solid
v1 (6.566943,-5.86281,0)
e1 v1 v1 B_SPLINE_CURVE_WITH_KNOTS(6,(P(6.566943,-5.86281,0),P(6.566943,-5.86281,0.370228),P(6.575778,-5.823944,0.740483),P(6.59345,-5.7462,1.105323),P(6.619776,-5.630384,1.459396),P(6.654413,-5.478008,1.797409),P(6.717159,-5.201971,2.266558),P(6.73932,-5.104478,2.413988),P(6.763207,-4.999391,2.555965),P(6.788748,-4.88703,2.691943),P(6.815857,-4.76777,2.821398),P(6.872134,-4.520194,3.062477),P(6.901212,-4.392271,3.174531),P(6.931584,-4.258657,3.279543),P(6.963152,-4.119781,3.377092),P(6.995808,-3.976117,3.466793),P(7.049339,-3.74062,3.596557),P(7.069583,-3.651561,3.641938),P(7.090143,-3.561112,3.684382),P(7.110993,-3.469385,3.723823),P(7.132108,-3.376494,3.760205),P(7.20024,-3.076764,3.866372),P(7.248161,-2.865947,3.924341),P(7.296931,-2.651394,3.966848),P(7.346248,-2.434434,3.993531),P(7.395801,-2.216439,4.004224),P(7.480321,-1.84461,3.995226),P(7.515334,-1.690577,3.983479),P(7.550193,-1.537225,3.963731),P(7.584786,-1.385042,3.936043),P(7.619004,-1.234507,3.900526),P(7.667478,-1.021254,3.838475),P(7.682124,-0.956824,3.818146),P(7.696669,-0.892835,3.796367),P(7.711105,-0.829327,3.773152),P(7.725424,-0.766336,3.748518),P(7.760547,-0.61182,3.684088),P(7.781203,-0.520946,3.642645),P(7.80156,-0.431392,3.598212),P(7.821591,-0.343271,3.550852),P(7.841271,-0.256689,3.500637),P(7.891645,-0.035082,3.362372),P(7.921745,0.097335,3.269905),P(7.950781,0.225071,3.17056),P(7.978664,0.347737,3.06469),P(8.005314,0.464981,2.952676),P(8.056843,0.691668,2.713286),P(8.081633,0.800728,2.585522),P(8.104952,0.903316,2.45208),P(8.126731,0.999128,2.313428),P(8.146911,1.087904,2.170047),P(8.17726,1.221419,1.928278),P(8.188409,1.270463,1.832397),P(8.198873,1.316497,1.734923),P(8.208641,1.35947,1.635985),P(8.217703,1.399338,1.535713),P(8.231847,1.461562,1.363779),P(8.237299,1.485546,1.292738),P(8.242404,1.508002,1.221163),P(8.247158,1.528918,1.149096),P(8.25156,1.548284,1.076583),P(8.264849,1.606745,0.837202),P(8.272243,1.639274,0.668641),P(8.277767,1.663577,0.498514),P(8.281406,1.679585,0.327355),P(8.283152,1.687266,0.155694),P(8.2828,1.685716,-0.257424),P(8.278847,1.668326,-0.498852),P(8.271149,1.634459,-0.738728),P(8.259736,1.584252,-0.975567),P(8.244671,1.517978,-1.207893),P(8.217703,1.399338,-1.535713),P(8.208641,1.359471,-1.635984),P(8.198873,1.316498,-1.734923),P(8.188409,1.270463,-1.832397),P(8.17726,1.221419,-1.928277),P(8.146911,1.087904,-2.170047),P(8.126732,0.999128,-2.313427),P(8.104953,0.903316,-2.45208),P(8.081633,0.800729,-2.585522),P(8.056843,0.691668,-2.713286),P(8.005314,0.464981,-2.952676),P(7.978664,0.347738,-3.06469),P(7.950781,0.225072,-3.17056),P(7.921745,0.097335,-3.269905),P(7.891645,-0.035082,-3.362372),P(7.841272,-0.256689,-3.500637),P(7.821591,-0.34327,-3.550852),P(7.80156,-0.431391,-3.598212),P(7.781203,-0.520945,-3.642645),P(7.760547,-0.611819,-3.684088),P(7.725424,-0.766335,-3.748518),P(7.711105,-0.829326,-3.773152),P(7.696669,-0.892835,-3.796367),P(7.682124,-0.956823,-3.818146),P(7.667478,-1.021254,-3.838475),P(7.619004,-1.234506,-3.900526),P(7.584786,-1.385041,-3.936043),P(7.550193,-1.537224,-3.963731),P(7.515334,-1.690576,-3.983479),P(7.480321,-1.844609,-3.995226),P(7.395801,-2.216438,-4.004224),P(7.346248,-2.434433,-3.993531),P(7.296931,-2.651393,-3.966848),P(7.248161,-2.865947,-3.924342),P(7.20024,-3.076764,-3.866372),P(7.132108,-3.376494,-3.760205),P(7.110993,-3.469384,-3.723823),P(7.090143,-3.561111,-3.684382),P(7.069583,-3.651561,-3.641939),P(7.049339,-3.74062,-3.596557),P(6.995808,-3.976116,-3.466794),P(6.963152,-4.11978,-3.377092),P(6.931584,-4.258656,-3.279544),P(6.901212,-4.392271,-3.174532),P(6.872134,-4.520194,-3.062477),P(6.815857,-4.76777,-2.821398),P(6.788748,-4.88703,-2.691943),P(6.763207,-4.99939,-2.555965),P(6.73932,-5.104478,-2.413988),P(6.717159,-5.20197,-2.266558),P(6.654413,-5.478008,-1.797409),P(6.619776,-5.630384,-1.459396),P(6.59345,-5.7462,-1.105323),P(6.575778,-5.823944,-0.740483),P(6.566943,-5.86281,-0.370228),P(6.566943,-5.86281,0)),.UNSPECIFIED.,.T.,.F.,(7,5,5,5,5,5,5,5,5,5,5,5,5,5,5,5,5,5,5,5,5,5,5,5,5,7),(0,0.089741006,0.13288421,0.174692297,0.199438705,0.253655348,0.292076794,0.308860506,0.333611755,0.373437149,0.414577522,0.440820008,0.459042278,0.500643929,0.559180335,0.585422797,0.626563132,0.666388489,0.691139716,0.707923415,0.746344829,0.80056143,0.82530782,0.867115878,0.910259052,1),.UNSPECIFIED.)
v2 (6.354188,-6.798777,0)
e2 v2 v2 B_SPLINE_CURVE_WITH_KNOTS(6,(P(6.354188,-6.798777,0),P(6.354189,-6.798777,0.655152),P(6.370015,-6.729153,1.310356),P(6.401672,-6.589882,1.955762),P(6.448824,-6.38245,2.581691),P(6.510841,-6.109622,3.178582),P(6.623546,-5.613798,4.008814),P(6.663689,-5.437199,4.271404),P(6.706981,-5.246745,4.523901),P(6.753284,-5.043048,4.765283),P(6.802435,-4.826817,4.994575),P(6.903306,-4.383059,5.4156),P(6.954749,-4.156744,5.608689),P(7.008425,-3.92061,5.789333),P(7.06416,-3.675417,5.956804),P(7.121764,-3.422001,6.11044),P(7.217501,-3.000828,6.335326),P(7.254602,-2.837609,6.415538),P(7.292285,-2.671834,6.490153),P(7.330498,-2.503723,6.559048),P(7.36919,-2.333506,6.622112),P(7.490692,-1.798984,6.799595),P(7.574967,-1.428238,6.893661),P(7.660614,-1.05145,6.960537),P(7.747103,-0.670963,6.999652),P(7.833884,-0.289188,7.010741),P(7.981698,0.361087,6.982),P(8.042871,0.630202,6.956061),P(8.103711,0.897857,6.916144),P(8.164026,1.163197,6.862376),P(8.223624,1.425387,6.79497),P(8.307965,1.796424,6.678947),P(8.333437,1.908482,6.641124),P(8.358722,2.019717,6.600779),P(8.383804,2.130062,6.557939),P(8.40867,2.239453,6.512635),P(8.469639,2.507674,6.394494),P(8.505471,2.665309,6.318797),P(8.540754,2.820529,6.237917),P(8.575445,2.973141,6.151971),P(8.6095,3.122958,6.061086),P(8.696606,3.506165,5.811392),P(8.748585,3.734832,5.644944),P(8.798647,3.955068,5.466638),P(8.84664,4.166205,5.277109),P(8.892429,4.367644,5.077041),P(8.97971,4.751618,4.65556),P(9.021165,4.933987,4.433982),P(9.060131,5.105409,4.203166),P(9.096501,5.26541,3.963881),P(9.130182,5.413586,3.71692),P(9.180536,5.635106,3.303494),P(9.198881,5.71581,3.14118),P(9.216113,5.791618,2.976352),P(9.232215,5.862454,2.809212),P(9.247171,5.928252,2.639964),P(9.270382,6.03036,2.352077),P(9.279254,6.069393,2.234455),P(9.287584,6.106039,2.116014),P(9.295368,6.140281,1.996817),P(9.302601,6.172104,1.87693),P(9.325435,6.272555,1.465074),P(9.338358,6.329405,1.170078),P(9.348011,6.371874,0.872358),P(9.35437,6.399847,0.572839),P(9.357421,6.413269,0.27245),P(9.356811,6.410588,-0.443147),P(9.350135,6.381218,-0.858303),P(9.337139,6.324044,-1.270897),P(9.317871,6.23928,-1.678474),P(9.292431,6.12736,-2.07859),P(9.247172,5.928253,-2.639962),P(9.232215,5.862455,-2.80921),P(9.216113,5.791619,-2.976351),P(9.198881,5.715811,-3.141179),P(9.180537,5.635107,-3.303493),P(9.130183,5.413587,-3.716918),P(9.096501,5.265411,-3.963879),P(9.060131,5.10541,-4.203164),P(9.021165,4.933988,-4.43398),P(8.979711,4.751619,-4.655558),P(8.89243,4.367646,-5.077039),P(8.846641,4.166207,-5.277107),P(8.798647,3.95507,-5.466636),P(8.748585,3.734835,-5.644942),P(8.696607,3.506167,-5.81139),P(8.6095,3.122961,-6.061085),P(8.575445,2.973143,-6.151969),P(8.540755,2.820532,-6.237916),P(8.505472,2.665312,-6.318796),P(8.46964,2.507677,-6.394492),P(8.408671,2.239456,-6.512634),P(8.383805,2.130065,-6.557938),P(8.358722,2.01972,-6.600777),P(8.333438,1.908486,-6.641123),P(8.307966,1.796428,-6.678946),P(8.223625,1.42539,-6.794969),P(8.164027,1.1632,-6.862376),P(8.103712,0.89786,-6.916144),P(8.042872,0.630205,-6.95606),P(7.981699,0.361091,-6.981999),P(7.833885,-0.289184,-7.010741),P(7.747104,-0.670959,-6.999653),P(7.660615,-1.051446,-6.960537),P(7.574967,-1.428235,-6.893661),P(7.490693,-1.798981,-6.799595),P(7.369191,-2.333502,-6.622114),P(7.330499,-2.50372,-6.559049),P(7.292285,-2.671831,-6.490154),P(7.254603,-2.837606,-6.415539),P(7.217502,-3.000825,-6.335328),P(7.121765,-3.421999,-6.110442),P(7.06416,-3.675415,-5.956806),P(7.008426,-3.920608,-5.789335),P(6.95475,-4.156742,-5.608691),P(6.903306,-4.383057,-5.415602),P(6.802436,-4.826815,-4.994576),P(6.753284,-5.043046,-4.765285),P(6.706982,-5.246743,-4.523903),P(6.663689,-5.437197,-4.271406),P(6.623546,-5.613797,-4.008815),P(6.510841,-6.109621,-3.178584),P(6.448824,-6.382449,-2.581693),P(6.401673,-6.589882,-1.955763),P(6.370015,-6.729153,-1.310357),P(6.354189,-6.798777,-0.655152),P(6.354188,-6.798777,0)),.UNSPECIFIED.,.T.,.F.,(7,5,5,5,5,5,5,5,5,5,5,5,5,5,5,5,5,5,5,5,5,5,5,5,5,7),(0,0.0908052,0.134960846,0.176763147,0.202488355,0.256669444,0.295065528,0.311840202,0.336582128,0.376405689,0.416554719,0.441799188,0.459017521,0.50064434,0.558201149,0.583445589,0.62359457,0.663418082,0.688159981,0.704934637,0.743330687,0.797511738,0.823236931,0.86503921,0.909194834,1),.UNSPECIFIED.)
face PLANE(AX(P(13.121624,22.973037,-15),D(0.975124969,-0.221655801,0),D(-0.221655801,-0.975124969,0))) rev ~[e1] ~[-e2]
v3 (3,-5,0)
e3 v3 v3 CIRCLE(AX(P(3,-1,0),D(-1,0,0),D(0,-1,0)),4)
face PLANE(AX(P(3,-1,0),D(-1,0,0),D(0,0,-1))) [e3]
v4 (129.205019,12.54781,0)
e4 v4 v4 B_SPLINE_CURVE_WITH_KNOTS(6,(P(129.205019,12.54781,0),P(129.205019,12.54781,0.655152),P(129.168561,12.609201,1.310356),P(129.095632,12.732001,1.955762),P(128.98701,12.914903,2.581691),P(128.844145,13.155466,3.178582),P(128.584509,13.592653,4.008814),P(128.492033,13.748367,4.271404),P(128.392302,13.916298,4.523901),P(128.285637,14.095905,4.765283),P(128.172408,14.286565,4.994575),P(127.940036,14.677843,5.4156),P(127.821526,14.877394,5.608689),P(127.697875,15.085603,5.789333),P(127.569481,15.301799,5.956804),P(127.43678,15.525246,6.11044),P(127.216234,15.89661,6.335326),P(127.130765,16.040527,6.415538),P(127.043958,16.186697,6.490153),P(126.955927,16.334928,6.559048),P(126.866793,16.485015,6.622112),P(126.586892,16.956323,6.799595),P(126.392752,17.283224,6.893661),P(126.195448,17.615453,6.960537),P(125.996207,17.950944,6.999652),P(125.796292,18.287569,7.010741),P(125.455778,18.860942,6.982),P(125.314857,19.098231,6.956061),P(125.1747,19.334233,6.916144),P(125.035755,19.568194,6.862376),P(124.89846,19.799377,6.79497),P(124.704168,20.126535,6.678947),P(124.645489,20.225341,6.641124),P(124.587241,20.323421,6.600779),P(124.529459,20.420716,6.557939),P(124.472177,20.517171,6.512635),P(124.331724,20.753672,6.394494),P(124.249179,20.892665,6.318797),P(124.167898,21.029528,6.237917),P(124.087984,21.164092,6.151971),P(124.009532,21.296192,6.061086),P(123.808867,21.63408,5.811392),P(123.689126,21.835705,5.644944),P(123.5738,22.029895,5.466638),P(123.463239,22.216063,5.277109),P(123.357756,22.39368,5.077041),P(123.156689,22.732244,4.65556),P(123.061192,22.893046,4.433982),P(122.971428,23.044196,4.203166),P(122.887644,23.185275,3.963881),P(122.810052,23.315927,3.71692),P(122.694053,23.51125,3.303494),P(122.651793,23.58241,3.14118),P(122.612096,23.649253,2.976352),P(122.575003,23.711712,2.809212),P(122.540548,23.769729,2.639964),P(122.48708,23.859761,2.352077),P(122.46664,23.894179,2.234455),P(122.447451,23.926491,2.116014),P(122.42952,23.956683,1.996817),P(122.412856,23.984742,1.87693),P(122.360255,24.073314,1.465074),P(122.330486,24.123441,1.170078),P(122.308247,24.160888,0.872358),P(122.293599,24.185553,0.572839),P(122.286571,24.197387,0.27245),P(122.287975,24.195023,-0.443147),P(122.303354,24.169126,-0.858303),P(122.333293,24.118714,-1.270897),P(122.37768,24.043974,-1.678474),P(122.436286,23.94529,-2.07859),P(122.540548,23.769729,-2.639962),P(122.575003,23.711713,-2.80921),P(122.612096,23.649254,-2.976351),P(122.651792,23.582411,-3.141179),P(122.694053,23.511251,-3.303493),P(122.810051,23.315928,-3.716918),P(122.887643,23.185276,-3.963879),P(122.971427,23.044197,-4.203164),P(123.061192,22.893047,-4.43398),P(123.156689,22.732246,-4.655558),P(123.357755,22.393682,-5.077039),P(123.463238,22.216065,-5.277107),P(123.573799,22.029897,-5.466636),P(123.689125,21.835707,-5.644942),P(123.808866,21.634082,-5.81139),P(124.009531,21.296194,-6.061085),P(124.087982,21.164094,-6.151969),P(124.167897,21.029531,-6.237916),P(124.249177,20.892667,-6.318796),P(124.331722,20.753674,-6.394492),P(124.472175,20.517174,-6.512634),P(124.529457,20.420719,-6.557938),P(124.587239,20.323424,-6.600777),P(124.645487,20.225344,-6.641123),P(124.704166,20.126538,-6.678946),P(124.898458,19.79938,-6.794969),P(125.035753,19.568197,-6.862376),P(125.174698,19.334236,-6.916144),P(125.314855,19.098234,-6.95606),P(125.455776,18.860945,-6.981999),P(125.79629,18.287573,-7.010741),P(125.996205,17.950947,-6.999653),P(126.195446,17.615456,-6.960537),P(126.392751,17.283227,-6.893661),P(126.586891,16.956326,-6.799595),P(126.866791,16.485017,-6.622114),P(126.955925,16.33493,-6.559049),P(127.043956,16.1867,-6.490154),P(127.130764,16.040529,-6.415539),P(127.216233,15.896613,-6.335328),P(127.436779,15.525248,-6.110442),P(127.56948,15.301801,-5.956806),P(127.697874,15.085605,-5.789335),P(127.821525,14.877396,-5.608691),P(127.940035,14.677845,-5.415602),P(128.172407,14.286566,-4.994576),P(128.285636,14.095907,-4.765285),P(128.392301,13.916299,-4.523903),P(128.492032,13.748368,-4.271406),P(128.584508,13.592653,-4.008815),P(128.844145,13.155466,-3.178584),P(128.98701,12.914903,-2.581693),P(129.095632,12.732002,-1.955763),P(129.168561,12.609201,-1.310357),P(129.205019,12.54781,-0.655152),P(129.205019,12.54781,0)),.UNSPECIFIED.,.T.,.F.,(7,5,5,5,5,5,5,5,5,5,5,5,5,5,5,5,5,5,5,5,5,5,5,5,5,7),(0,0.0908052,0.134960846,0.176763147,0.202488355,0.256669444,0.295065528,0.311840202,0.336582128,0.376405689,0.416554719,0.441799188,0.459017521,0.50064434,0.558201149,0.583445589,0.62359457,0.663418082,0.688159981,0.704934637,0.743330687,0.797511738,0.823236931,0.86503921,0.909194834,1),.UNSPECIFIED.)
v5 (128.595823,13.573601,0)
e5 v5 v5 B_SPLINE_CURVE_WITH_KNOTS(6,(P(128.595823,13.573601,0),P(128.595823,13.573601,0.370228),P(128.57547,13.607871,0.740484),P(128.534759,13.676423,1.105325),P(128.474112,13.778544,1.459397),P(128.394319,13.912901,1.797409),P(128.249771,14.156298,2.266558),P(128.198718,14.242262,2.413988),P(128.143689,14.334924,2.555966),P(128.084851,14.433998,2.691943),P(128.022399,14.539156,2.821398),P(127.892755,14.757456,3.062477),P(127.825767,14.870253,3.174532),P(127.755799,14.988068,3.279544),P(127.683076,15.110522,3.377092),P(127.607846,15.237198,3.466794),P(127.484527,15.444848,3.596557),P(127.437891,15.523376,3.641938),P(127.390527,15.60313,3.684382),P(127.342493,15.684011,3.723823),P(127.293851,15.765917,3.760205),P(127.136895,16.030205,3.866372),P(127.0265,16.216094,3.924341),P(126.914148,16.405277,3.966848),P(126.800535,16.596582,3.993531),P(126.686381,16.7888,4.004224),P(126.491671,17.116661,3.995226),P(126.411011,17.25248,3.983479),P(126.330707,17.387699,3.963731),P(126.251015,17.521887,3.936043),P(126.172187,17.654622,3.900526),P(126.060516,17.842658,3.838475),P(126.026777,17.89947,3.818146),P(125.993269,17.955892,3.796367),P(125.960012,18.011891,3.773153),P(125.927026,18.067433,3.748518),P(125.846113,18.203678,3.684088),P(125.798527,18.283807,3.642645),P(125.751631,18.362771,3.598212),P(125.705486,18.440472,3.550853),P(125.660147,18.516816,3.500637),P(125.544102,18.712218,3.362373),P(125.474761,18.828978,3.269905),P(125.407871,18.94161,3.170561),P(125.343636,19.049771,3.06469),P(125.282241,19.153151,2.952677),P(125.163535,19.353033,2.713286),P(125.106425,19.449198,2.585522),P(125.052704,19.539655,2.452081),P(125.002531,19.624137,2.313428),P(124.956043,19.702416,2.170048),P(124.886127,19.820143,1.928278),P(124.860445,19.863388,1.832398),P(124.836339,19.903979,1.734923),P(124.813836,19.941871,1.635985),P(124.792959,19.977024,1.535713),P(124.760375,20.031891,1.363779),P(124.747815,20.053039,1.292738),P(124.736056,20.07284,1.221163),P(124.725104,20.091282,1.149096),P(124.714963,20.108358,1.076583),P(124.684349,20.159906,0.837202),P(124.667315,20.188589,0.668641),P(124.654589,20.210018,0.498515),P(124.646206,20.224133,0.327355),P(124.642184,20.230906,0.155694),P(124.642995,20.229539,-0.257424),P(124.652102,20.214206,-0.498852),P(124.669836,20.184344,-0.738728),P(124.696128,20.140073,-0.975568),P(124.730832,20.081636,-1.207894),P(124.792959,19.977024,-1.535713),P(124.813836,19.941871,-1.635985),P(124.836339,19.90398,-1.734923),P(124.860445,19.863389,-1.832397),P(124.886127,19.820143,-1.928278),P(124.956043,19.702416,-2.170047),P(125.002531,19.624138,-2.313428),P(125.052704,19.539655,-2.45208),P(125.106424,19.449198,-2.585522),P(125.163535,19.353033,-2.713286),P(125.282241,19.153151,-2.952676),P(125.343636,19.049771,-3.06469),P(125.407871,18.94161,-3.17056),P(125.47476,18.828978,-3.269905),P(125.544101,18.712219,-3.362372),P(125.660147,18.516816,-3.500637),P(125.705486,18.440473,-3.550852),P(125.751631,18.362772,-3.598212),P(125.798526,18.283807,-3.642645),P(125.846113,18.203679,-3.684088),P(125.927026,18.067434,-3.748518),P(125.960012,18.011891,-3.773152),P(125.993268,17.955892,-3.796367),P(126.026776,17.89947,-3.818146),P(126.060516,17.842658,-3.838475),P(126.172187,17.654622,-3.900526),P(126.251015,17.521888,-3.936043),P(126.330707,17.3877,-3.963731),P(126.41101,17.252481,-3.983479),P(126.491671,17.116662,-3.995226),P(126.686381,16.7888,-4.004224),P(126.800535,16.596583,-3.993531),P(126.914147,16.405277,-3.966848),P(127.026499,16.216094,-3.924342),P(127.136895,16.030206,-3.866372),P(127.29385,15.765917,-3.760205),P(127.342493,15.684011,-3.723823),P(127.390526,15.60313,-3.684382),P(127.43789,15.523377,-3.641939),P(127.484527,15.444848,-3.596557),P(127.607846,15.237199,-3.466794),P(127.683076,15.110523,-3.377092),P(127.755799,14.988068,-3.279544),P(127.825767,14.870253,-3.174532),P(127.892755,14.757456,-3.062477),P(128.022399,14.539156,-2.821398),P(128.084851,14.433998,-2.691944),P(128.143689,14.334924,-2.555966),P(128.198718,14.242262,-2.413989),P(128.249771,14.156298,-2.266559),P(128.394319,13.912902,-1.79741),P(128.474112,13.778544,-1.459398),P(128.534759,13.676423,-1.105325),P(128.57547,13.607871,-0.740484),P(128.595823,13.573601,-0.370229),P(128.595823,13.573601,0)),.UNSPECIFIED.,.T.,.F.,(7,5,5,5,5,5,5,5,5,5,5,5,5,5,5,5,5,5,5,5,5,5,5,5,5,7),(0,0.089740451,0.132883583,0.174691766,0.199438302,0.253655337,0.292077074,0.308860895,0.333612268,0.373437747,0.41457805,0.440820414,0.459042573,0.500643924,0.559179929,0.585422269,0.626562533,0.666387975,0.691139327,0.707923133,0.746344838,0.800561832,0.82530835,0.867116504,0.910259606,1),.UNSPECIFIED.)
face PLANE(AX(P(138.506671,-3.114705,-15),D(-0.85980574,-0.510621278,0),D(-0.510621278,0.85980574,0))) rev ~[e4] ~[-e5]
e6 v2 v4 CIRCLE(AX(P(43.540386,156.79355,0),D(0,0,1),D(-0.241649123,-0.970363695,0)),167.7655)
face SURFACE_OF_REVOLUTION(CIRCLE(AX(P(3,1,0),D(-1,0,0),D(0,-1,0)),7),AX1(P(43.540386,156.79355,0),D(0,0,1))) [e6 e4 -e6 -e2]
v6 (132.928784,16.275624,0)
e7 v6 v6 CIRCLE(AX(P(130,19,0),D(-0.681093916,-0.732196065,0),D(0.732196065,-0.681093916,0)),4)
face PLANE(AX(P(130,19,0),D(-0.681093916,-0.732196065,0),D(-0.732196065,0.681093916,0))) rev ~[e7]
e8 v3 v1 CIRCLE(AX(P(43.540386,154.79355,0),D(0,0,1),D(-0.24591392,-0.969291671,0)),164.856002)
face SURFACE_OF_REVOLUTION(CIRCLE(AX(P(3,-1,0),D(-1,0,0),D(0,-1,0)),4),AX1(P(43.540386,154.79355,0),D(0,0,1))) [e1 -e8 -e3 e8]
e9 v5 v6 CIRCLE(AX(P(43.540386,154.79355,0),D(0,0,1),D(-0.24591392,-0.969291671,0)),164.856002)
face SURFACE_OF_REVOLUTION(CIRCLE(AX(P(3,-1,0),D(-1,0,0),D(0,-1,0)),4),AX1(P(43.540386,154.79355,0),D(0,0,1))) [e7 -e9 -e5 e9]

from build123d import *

# Parameters (mm, degrees)
SKETCH042_R      = 4
EXTRUDE025_DEPTH = 30
SKETCH040_R      = 7


with BuildPart() as sweep010:
    # Sweep010: sweep along a path in Sketch
    with BuildLine(Plane.XY) as sweep010_path:
        ThreePointArc((0, 0), (65.583227, -3.22849), (127, 20))
    # Sketch042 → Sweep010 (sweep)
    with BuildSketch(Plane(origin=(0, 0, 0), x_dir=(0, -1, 0), z_dir=(-1, 0, 0))):
        Circle(SKETCH042_R)
    sweep(path=sweep010_path.line)


with BuildPart() as sweep010_1:
    # Sweep010 placement: moved
    add(sweep010.part.moved(Location((0, -2, 0))))


with BuildPart() as extrude025:
    # Sketch041 → Extrude025 (new body)
    with BuildSketch(Plane.XY.offset(-15)):
        Polygon((-8.268976, 21.973037), (10.121624, 21.973037), (-0.555824, -25), (-25.401805, -25), align=None)
        Polygon((105.81268, 45.885295), (155.276998, 45.885295), (207.473539, -4.114705), (135.506671, -4.114705), align=None)
    extrude(amount=EXTRUDE025_DEPTH)


with BuildPart() as motor_tube_outer002:
    # Sweep009: sweep along a path in Sketch
    with BuildLine(Plane.XY) as sweep009_path:
        ThreePointArc((0, 0), (65.583227, -3.22849), (127, 20))
    # Sketch040 → Sweep009 (sweep)
    with BuildSketch(Plane(origin=(0, 0, 0), x_dir=(0, -1, 0), z_dir=(-1, 0, 0))):
        Circle(SKETCH040_R)
    sweep(path=sweep009_path.line)

    # Cut009: cut Extrude025
    add(extrude025.part, mode=Mode.SUBTRACT)

    # Fusion009: union Sweep010
    add(sweep010_1.part)


with BuildPart() as motor_tube_outer002_1:
    # Fusion009 placement: moved
    add(motor_tube_outer002.part.moved(Location((3, 1, 0))))


solid = motor_tube_outer002_1.part
